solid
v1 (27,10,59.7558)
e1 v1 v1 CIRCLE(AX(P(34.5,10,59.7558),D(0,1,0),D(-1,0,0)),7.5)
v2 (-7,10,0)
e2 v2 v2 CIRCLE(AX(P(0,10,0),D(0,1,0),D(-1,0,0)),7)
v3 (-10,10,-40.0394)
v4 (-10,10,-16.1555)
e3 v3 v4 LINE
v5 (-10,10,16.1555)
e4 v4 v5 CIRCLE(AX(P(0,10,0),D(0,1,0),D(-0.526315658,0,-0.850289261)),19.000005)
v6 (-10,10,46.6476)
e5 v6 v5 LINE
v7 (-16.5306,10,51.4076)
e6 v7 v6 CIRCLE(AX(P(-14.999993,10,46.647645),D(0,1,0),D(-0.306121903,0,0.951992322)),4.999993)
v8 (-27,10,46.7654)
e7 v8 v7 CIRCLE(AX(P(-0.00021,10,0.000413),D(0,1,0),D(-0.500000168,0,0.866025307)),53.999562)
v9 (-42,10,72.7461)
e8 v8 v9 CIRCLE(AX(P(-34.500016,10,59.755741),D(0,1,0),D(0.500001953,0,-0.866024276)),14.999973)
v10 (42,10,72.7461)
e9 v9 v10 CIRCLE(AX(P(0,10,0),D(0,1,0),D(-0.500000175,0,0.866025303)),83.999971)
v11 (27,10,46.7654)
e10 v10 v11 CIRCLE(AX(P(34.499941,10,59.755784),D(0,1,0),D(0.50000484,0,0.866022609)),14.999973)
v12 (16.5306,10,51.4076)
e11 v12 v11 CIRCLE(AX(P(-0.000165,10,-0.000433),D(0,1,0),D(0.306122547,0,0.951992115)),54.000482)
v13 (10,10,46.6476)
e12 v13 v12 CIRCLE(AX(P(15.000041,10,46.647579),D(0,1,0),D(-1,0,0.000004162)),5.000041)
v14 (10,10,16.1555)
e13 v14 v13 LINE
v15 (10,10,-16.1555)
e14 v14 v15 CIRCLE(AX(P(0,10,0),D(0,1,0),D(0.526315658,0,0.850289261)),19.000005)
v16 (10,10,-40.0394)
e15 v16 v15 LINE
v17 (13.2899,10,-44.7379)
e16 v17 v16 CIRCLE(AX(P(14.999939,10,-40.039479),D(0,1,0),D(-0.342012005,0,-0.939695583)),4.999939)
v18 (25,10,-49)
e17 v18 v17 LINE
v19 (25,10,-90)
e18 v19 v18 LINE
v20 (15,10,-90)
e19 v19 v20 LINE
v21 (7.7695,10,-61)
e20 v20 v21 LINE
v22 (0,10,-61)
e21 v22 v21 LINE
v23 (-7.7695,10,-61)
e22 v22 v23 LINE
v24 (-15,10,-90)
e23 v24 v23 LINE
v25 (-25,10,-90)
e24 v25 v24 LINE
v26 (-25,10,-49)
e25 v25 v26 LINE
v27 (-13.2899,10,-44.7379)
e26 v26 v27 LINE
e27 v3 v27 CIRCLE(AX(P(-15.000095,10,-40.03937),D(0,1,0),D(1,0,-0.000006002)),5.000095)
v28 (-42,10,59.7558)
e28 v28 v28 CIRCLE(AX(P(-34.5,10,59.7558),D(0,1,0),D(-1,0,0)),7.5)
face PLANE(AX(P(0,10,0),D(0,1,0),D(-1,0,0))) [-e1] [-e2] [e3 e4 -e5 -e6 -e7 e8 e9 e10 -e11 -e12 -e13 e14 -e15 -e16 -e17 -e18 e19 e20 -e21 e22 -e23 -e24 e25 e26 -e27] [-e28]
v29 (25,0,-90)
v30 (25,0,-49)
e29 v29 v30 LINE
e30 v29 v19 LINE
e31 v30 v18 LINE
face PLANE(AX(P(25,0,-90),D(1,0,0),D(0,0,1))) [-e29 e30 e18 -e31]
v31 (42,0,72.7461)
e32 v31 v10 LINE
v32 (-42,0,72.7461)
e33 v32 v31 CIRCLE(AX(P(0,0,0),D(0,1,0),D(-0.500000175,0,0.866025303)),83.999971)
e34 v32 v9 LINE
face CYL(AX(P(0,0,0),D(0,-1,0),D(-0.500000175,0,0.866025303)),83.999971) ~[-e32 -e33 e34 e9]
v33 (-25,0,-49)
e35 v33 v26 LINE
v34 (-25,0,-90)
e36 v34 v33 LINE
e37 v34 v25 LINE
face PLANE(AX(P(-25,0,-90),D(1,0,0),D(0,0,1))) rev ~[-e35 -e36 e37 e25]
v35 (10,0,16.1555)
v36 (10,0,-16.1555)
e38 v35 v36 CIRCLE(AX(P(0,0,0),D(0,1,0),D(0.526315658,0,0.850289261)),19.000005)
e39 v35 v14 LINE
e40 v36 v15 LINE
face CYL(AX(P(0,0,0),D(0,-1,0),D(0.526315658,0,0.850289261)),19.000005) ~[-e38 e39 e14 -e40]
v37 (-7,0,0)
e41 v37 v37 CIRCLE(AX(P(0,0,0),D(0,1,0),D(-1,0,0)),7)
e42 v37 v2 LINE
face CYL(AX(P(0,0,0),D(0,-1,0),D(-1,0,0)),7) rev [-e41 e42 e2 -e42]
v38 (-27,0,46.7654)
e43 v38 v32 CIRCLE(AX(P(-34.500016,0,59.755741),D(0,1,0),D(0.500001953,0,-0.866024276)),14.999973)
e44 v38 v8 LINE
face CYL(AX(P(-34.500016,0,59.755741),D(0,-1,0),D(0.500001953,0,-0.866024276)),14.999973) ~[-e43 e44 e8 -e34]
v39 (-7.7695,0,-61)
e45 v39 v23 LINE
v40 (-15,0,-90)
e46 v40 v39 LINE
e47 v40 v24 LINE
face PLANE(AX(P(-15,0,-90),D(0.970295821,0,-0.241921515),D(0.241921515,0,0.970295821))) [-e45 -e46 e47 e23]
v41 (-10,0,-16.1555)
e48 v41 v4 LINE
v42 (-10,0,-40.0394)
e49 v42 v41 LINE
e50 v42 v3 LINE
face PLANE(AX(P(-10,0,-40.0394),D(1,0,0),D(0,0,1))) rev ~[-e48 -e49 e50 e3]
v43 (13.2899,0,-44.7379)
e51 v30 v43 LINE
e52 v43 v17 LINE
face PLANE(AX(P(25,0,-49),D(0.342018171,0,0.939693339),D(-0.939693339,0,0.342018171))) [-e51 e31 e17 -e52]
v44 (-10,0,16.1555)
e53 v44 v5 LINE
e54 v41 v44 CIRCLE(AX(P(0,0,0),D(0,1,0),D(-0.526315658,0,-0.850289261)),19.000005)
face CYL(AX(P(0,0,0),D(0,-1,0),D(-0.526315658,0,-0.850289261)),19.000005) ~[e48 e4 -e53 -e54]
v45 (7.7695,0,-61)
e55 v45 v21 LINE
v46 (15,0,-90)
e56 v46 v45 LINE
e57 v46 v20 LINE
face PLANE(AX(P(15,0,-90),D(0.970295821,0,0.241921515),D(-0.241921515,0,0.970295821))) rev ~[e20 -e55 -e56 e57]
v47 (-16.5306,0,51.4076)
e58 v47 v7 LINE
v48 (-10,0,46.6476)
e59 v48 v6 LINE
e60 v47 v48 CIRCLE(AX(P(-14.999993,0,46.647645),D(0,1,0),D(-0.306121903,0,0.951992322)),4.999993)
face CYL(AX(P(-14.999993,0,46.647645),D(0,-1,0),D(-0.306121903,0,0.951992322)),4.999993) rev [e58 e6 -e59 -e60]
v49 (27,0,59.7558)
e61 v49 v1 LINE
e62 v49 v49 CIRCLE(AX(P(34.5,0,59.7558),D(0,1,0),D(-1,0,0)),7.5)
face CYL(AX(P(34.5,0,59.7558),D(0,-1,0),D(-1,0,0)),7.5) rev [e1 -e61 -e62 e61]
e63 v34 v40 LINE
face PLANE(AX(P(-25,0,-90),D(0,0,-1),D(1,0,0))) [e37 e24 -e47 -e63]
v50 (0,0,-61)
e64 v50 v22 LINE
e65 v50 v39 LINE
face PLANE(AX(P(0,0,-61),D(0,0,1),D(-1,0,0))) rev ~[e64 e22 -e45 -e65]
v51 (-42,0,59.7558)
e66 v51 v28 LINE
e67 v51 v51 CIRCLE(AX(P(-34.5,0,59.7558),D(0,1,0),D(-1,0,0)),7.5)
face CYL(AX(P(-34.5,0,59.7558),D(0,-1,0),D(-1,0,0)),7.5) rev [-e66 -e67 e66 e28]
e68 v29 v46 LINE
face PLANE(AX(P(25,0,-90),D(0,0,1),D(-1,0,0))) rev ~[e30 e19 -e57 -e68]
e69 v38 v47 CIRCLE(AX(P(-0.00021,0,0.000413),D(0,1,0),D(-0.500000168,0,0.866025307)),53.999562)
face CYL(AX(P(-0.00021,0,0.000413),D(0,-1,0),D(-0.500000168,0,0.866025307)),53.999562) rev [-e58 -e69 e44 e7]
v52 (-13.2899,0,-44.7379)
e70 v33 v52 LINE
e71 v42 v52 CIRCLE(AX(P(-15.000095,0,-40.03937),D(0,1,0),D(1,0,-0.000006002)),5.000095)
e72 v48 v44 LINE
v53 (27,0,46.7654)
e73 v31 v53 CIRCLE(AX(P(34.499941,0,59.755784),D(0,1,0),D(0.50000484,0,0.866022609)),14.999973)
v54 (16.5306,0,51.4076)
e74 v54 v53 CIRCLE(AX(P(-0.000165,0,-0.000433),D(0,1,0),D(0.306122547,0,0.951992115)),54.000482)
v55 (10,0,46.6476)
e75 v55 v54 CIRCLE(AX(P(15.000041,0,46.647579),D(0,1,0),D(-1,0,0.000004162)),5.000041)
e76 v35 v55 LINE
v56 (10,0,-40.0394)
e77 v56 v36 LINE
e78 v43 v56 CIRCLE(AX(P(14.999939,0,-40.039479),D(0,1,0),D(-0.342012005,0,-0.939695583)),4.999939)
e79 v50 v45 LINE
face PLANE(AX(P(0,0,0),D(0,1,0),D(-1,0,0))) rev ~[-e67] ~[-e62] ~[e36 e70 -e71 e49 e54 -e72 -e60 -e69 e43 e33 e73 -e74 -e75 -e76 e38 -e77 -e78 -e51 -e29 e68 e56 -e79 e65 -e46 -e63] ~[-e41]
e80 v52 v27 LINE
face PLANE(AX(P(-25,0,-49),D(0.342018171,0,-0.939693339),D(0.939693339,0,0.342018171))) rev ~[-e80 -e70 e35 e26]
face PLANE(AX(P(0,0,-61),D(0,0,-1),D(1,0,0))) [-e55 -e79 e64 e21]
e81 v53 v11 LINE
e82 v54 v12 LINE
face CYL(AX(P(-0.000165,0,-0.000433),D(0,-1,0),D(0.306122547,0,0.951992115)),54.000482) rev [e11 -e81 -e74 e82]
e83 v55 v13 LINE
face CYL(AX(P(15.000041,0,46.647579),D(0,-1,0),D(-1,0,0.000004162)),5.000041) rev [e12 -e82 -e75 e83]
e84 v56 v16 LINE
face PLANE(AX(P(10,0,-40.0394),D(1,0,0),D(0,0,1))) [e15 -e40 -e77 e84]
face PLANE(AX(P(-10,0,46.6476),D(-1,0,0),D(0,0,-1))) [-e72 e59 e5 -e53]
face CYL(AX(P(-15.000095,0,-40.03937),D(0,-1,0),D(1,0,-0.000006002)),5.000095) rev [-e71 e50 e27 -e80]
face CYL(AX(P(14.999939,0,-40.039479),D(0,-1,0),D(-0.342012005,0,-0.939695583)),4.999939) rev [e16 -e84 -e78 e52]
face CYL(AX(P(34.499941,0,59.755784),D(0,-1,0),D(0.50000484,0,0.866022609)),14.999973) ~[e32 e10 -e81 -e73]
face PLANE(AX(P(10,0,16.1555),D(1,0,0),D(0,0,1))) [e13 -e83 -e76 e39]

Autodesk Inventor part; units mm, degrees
ref_plane "YZ Plane" through (0, 0, 0) normal (1, 0, 0) x (0, 1, 0)
ref_plane "XZ Plane" through (0, 0, 0) normal (0, 1, 0) x (-1, 0, 0)
ref_plane "XY Plane" through (0, 0, 0) normal (0, 0, 1) x (1, 0, 0)
sketch "Sketch1" plane through (0, 0, 0) normal (0, 1, 0) x (-1, 0, 0)
  circle A0 centre (0, 0) radius 7
  circle A1 centre (0, 0) radius 69 construction
  line L0 (0, 0) -> (-34.5, 59.7558) construction
  line L1 (0, 0) -> (69, 0) construction
  circle A2 centre (-34.5, 59.7558) radius 7.5
  arc A3 (-42, 72.7461) -> (-27, 46.7654) centre (-34.5, 59.7558) ccw
  circle A4 centre (0, 0) radius 84 construction
  line L2 (0, -84) -> (0, 84) construction
  circle A5 centre (34.5, 59.7558) radius 7.5
  arc A6 (27, 46.7654) -> (42, 72.7461) centre (34.5, 59.7558) ccw
  arc A7 (42, 72.7461) -> (-42, 72.7461) centre (0, 0) ccw
  arc A8 (-10, -53.066) -> (27, 46.7654) centre (0, 0) ccw construction
  line L3 (10, -83.4026) -> (-10, -83.4026) construction
  line L4 (-10, -83.4026) -> (-10, -40.0394) construction
  line L5 (-10, 83.4026) -> (10, 83.4026) construction
  line L6 (10, 83.4026) -> (10, 46.6476) construction
  line L7 (10, -83.4026) -> (-10, 83.4026) construction
  line L8 (-10, -83.4026) -> (10, 83.4026) construction
  arc A9 (-10, 46.6476) -> (-16.5306, 51.4076) centre (-15, 46.6476) ccw
  arc A10 (16.5306, 51.4076) -> (10, 46.6476) centre (15, 46.6476) ccw
  arc A11 (-27, 46.7654) -> (-10, -53.066) centre (0, 0) ccw construction
  line L9 (-10, 46.6476) -> (-10, 83.4026) construction
  line L10 (10, 46.6476) -> (10, 16.1555)
  line L11 (10, 16.1555) -> (10, -16.1555) construction
  line L12 (10, -16.1555) -> (10, -83.4026) construction
  line L13 (-10, 16.1555) -> (-10, 46.6476)
  arc A12 (-10, 16.1555) -> (-10, -16.1555) centre (0, 0) ccw
  arc A13 (-16.5306, 51.4076) -> (-27, 46.7654) centre (0, 0) ccw
  arc A14 (27, 46.7654) -> (16.5306, 51.4076) centre (0, 0) ccw
  line L14 (-19, 0) -> (19, 0) construction
  line L15 (-10, 0) -> (10, 0) construction
  line L16 (10, 0) -> (10, -90) construction
  line L17 (10, -90) -> (-10, -90) construction
  line L18 (-10, -90) -> (-10, 0) construction
  line L19 (-10, 0) -> (10, 0) construction
  line L20 (10, 0) -> (10, -61) construction
  line L21 (10, -61) -> (0, -61) construction
  line L22 (-10, -61) -> (-10, -40.0394) construction
  line L23 (0, -90) -> (-25, -90) construction
  line L24 (0, -90) -> (-15, -90) construction
  line L25 (0, -90) -> (15, -90) construction
  line L26 (-15, -90) -> (15, -90) construction
  line L27 (-15, -90) -> (-7.7695, -61)
  line L28 (-15, -90) -> (14.8878, -90) construction
  line L29 (-25, -90) -> (-25, -49)
  line L30 (-25, -90) -> (16, -90) construction
  line L31 (-25, -49) -> (-13.2899, -44.7379)
  line L32 (-25, -49) -> (-9.0373, -49) construction
  arc A15 (-13.2899, -44.7379) -> (-10, -40.0394) centre (-15, -40.0394) ccw
  line L33 (-10, -40.0394) -> (-10, -16.1555) construction
  line L34 (-13.2899, -44.7379) -> (-10, -43.5404) construction
  line L35 (-10, -40.0394) -> (-10, -16.1555)
  line L36 (-25, -90) -> (-15, -90)
  line L37 (-7.7695, -61) -> (-10, -61) construction
  line L38 (0, -61) -> (-7.7695, -61)
  line L39 (-10, -16.1555) -> (-10, 0) construction
  line L40 (-10, -16.1555) -> (-10, 16.1555) construction
  line L41 (0, -90) -> (25, -90) construction
  line L42 (15, -90) -> (7.7695, -61)
  line L43 (25, -90) -> (25, -49)
  line L44 (25, -90) -> (-16, -90) construction
  line L45 (25, -49) -> (13.2899, -44.7379)
  arc A16 (10, -40.0394) -> (13.2899, -44.7379) centre (15, -40.0394) ccw
  line L46 (10, -40.0394) -> (10, -16.1555) construction
  line L47 (10, -40.0394) -> (10, -16.1555)
  line L48 (0, -61) -> (7.7695, -61)
  arc A17 (10, -16.1555) -> (10, 16.1555) centre (0, 0) ccw
  line L49 (25, -90) -> (15, -90)
  dimension "d2" = 138
  dimension "d0" = 14
  dimension "d3" = 120
  dimension "d4" = 15
  dimension "d5" = 30
  dimension "d6" = 20
  dimension "d7" = 10
  dimension "d9" = 20
  dimension "d10" = 90
  dimension "d11" = 20
  dimension "d12" = 61
  dimension "d13" = 25
  dimension "d16" = 15
  dimension "d17" = 180
  dimension "d20" = 76
  dimension "d21" = 90
  dimension "d22" = 5
  dimension "d23" = 41
  dimension "d24" = 90
  dimension "d25" = 20
  dimension "d26" = 10
  dimension "d27" = 19
  dimension "d28" = 19
extrude "Extrusion1" add sketch "Sketch1" along normal blind 10
properties part number "1.2 pt 1"
